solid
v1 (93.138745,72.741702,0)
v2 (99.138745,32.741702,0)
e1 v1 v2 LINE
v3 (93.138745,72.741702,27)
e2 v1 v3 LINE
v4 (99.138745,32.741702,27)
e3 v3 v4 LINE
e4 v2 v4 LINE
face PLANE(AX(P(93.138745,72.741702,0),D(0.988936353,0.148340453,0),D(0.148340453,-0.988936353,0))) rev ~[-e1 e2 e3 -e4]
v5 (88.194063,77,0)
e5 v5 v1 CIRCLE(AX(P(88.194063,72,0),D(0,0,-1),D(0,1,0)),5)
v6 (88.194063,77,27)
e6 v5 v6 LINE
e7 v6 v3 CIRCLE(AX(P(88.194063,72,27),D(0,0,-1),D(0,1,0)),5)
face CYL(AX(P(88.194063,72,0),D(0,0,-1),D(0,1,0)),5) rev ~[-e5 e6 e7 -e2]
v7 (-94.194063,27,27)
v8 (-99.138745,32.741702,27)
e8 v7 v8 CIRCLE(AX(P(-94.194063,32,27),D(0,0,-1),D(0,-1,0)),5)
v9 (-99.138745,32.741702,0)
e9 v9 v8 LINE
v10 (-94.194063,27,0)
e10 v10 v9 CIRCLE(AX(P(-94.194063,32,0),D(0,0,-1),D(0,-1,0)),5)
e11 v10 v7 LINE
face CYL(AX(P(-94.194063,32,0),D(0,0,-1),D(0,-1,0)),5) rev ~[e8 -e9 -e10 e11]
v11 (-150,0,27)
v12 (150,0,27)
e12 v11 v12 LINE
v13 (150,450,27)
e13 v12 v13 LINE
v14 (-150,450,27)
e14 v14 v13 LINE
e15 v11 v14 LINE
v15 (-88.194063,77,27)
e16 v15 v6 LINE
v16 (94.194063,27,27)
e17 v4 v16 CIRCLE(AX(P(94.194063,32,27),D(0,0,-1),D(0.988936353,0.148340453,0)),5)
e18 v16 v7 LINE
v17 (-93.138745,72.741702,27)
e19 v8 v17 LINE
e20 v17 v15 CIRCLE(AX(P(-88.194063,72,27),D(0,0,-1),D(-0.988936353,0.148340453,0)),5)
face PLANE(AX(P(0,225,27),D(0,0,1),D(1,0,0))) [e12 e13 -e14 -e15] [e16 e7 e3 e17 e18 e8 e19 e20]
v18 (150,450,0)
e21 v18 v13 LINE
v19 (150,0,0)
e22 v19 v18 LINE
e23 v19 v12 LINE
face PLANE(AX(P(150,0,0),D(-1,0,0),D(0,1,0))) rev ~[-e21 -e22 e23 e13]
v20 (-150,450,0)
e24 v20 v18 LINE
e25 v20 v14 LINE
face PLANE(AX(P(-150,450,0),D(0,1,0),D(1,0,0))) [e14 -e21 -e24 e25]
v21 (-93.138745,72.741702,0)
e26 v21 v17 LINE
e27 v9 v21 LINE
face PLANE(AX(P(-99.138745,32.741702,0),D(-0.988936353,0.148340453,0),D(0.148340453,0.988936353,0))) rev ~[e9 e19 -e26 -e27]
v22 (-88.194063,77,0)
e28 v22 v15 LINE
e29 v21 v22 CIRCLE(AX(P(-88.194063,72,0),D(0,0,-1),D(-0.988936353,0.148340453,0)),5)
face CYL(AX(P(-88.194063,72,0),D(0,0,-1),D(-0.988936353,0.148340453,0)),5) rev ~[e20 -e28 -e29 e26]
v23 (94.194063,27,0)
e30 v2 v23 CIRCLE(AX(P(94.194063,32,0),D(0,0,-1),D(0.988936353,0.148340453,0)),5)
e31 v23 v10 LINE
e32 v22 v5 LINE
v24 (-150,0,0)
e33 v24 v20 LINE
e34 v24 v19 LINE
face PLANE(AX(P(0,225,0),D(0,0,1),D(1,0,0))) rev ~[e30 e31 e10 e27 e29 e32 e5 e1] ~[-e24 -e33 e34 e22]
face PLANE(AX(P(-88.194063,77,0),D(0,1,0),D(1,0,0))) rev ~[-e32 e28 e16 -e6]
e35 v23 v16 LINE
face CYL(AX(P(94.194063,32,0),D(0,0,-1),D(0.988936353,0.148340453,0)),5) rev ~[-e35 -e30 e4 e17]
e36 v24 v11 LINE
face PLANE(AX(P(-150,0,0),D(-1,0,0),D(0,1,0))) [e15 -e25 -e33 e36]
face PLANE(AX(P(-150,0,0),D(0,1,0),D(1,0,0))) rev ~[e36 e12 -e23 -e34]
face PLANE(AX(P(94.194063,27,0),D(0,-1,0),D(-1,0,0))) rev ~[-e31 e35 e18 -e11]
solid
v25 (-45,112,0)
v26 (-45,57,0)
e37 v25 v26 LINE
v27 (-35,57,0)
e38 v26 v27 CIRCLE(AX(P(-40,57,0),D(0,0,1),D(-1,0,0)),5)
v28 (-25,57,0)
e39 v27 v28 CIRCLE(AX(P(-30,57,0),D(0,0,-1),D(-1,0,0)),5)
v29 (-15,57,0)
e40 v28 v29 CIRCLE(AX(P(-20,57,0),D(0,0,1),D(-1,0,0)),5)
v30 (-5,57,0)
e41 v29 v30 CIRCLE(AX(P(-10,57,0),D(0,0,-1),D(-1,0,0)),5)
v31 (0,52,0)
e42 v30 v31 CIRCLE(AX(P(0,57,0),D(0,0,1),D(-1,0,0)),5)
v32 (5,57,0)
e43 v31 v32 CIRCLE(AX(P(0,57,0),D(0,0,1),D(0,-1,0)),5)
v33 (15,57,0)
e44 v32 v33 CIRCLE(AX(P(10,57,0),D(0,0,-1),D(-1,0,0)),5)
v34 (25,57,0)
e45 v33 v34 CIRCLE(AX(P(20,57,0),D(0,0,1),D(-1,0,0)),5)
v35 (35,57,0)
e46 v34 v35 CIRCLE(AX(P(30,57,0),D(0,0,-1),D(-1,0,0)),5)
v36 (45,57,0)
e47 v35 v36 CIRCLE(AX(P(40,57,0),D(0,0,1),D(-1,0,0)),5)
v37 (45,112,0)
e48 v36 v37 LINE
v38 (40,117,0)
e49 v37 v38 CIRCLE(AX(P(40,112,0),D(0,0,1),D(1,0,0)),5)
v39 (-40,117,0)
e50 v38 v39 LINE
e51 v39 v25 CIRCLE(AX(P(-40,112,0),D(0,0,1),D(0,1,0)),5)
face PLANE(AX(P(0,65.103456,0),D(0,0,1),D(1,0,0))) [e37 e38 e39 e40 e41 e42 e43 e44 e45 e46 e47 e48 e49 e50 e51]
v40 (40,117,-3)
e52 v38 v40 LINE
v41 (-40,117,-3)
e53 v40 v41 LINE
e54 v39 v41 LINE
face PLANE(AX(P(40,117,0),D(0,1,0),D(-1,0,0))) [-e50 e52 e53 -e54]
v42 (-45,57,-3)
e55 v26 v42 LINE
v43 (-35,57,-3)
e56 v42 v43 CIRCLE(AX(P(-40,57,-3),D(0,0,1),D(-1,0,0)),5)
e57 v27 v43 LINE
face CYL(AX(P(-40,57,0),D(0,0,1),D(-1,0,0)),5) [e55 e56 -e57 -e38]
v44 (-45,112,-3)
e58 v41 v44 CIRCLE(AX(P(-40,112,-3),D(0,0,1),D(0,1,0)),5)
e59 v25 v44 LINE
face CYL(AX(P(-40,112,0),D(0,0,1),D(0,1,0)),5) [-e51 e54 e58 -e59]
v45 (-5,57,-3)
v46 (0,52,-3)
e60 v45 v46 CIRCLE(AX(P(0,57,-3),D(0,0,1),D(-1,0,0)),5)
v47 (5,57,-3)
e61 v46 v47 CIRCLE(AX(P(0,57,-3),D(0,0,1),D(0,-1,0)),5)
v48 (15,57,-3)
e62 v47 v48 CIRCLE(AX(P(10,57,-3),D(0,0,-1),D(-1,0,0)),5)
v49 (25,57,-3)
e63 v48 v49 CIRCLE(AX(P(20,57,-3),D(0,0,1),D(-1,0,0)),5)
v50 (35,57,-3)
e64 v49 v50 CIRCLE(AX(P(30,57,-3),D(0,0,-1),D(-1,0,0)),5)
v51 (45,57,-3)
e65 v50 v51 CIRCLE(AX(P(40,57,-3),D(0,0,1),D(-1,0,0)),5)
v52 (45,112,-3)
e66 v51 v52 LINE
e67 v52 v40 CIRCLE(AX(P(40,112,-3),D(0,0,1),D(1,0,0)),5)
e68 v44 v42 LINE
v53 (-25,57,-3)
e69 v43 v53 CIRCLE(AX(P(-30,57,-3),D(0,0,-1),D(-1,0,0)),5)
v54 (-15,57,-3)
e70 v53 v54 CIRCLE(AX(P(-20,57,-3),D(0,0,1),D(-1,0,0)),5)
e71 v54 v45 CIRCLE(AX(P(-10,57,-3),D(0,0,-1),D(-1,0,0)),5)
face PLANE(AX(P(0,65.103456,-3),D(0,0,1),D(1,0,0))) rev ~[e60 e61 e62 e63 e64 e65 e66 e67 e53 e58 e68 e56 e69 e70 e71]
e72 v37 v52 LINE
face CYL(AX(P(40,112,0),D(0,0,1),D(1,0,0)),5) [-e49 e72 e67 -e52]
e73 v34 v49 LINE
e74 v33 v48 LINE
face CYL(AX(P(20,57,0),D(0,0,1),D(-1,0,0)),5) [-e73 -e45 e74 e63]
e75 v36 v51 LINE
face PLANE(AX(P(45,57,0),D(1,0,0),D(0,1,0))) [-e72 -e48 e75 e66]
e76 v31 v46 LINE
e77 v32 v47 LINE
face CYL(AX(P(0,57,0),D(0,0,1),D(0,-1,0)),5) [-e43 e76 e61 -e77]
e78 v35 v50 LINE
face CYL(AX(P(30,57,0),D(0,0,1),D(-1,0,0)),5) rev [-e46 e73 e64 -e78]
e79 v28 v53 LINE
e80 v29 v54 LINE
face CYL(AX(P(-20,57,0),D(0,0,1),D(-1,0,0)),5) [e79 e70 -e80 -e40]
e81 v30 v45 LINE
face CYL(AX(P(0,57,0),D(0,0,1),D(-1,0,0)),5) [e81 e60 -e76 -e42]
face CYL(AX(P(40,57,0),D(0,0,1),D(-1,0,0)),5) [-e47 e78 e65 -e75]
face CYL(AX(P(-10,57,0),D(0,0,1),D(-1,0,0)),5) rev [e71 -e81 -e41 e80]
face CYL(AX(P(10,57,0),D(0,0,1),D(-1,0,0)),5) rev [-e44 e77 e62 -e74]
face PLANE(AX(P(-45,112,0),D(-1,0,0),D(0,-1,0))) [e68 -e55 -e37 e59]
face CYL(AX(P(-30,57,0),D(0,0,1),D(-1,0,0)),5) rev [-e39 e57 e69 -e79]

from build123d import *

# Parameters (mm, degrees)
F0_W     = 300
F0_H     = 450
F1_DEPTH = 27
F2_DEPTH = 3


with BuildPart() as f1:
    # F0 (on Top) → F1 (new body)
    with BuildSketch(Plane.XY):
        with Locations((0, 225)):
            Rectangle(F0_W, F0_H)
        with BuildLine():
            Line((0, 27), (-94.194062896, 27))
            ThreePointArc((-94.194062896, 27), (-97.982763948, 28.7372183128), (-99.1387446603, 32.7417022647))
            Line((-99.1387446603, 32.7417022647), (-93.1387446603, 72.7417022647))
            ThreePointArc((-93.1387446603, 72.7417022647), (-91.4568445832, 75.788701052), (-88.194062896, 77))
            Line((-88.194062896, 77), (-45, 77))
            Line((-45, 77), (-45, 112))
            ThreePointArc((-45, 112), (-43.5355339059, 115.5355339059), (-40, 117))
            Line((-40, 117), (0, 117))
            Line((0, 117), (40, 117))
            ThreePointArc((40, 117), (43.5355339059, 115.5355339059), (45, 112))
            Line((45, 112), (45, 77))
            Line((45, 77), (88.194062896, 77))
            ThreePointArc((88.194062896, 77), (91.4568445832, 75.788701052), (93.1387446603, 72.7417022647))
            Line((93.1387446603, 72.7417022647), (99.1387446603, 32.7417022647))
            ThreePointArc((99.1387446603, 32.7417022647), (97.982763948, 28.7372183128), (94.194062896, 27))
            Line((94.194062896, 27), (0, 27))
        make_face(mode=Mode.SUBTRACT)
        with BuildLine():
            Line((-45, 112), (-45, 77))
            Line((-45, 77), (0, 77))
            Line((0, 77), (45, 77))
            Line((45, 77), (45, 112))
            ThreePointArc((45, 112), (43.5355339059, 115.5355339059), (40, 117))
            Line((40, 117), (0, 117))
            Line((0, 117), (-40, 117))
            ThreePointArc((-40, 117), (-43.5355339059, 115.5355339059), (-45, 112))
        make_face()
    extrude(amount=F1_DEPTH)


with BuildPart() as f2:
    # F0 (on Top) → F2 (new body)
    with BuildSketch(Plane.XY):
        with BuildLine():
            Line((0, 77), (-45, 77))
            Line((-45, 77), (-45, 57))
            ThreePointArc((-45, 57), (-40, 52), (-35, 57))
            ThreePointArc((-35, 57), (-30, 62), (-25, 57))
            ThreePointArc((-25, 57), (-20, 52), (-15, 57))
            ThreePointArc((-15, 57), (-10, 62), (-5, 57))
            ThreePointArc((-5, 57), (-3.5355339059, 53.4644660941), (0, 52))
            ThreePointArc((0, 52), (3.5355339059, 53.4644660941), (5, 57))
            ThreePointArc((5, 57), (10, 62), (15, 57))
            ThreePointArc((15, 57), (20, 52), (25, 57))
            ThreePointArc((25, 57), (30, 62), (35, 57))
            ThreePointArc((35, 57), (40, 52), (45, 57))
            Line((45, 57), (45, 77))
            Line((45, 77), (0, 77))
        make_face()
        with BuildLine():
            Line((-45, 112), (-45, 77))
            Line((-45, 77), (0, 77))
            Line((0, 77), (45, 77))
            Line((45, 77), (45, 112))
            ThreePointArc((45, 112), (43.5355339059, 115.5355339059), (40, 117))
            Line((40, 117), (0, 117))
            Line((0, 117), (-40, 117))
            ThreePointArc((-40, 117), (-43.5355339059, 115.5355339059), (-45, 112))
        make_face()
    extrude(amount=-F2_DEPTH)


solid = Compound([f1.part, f2.part])
